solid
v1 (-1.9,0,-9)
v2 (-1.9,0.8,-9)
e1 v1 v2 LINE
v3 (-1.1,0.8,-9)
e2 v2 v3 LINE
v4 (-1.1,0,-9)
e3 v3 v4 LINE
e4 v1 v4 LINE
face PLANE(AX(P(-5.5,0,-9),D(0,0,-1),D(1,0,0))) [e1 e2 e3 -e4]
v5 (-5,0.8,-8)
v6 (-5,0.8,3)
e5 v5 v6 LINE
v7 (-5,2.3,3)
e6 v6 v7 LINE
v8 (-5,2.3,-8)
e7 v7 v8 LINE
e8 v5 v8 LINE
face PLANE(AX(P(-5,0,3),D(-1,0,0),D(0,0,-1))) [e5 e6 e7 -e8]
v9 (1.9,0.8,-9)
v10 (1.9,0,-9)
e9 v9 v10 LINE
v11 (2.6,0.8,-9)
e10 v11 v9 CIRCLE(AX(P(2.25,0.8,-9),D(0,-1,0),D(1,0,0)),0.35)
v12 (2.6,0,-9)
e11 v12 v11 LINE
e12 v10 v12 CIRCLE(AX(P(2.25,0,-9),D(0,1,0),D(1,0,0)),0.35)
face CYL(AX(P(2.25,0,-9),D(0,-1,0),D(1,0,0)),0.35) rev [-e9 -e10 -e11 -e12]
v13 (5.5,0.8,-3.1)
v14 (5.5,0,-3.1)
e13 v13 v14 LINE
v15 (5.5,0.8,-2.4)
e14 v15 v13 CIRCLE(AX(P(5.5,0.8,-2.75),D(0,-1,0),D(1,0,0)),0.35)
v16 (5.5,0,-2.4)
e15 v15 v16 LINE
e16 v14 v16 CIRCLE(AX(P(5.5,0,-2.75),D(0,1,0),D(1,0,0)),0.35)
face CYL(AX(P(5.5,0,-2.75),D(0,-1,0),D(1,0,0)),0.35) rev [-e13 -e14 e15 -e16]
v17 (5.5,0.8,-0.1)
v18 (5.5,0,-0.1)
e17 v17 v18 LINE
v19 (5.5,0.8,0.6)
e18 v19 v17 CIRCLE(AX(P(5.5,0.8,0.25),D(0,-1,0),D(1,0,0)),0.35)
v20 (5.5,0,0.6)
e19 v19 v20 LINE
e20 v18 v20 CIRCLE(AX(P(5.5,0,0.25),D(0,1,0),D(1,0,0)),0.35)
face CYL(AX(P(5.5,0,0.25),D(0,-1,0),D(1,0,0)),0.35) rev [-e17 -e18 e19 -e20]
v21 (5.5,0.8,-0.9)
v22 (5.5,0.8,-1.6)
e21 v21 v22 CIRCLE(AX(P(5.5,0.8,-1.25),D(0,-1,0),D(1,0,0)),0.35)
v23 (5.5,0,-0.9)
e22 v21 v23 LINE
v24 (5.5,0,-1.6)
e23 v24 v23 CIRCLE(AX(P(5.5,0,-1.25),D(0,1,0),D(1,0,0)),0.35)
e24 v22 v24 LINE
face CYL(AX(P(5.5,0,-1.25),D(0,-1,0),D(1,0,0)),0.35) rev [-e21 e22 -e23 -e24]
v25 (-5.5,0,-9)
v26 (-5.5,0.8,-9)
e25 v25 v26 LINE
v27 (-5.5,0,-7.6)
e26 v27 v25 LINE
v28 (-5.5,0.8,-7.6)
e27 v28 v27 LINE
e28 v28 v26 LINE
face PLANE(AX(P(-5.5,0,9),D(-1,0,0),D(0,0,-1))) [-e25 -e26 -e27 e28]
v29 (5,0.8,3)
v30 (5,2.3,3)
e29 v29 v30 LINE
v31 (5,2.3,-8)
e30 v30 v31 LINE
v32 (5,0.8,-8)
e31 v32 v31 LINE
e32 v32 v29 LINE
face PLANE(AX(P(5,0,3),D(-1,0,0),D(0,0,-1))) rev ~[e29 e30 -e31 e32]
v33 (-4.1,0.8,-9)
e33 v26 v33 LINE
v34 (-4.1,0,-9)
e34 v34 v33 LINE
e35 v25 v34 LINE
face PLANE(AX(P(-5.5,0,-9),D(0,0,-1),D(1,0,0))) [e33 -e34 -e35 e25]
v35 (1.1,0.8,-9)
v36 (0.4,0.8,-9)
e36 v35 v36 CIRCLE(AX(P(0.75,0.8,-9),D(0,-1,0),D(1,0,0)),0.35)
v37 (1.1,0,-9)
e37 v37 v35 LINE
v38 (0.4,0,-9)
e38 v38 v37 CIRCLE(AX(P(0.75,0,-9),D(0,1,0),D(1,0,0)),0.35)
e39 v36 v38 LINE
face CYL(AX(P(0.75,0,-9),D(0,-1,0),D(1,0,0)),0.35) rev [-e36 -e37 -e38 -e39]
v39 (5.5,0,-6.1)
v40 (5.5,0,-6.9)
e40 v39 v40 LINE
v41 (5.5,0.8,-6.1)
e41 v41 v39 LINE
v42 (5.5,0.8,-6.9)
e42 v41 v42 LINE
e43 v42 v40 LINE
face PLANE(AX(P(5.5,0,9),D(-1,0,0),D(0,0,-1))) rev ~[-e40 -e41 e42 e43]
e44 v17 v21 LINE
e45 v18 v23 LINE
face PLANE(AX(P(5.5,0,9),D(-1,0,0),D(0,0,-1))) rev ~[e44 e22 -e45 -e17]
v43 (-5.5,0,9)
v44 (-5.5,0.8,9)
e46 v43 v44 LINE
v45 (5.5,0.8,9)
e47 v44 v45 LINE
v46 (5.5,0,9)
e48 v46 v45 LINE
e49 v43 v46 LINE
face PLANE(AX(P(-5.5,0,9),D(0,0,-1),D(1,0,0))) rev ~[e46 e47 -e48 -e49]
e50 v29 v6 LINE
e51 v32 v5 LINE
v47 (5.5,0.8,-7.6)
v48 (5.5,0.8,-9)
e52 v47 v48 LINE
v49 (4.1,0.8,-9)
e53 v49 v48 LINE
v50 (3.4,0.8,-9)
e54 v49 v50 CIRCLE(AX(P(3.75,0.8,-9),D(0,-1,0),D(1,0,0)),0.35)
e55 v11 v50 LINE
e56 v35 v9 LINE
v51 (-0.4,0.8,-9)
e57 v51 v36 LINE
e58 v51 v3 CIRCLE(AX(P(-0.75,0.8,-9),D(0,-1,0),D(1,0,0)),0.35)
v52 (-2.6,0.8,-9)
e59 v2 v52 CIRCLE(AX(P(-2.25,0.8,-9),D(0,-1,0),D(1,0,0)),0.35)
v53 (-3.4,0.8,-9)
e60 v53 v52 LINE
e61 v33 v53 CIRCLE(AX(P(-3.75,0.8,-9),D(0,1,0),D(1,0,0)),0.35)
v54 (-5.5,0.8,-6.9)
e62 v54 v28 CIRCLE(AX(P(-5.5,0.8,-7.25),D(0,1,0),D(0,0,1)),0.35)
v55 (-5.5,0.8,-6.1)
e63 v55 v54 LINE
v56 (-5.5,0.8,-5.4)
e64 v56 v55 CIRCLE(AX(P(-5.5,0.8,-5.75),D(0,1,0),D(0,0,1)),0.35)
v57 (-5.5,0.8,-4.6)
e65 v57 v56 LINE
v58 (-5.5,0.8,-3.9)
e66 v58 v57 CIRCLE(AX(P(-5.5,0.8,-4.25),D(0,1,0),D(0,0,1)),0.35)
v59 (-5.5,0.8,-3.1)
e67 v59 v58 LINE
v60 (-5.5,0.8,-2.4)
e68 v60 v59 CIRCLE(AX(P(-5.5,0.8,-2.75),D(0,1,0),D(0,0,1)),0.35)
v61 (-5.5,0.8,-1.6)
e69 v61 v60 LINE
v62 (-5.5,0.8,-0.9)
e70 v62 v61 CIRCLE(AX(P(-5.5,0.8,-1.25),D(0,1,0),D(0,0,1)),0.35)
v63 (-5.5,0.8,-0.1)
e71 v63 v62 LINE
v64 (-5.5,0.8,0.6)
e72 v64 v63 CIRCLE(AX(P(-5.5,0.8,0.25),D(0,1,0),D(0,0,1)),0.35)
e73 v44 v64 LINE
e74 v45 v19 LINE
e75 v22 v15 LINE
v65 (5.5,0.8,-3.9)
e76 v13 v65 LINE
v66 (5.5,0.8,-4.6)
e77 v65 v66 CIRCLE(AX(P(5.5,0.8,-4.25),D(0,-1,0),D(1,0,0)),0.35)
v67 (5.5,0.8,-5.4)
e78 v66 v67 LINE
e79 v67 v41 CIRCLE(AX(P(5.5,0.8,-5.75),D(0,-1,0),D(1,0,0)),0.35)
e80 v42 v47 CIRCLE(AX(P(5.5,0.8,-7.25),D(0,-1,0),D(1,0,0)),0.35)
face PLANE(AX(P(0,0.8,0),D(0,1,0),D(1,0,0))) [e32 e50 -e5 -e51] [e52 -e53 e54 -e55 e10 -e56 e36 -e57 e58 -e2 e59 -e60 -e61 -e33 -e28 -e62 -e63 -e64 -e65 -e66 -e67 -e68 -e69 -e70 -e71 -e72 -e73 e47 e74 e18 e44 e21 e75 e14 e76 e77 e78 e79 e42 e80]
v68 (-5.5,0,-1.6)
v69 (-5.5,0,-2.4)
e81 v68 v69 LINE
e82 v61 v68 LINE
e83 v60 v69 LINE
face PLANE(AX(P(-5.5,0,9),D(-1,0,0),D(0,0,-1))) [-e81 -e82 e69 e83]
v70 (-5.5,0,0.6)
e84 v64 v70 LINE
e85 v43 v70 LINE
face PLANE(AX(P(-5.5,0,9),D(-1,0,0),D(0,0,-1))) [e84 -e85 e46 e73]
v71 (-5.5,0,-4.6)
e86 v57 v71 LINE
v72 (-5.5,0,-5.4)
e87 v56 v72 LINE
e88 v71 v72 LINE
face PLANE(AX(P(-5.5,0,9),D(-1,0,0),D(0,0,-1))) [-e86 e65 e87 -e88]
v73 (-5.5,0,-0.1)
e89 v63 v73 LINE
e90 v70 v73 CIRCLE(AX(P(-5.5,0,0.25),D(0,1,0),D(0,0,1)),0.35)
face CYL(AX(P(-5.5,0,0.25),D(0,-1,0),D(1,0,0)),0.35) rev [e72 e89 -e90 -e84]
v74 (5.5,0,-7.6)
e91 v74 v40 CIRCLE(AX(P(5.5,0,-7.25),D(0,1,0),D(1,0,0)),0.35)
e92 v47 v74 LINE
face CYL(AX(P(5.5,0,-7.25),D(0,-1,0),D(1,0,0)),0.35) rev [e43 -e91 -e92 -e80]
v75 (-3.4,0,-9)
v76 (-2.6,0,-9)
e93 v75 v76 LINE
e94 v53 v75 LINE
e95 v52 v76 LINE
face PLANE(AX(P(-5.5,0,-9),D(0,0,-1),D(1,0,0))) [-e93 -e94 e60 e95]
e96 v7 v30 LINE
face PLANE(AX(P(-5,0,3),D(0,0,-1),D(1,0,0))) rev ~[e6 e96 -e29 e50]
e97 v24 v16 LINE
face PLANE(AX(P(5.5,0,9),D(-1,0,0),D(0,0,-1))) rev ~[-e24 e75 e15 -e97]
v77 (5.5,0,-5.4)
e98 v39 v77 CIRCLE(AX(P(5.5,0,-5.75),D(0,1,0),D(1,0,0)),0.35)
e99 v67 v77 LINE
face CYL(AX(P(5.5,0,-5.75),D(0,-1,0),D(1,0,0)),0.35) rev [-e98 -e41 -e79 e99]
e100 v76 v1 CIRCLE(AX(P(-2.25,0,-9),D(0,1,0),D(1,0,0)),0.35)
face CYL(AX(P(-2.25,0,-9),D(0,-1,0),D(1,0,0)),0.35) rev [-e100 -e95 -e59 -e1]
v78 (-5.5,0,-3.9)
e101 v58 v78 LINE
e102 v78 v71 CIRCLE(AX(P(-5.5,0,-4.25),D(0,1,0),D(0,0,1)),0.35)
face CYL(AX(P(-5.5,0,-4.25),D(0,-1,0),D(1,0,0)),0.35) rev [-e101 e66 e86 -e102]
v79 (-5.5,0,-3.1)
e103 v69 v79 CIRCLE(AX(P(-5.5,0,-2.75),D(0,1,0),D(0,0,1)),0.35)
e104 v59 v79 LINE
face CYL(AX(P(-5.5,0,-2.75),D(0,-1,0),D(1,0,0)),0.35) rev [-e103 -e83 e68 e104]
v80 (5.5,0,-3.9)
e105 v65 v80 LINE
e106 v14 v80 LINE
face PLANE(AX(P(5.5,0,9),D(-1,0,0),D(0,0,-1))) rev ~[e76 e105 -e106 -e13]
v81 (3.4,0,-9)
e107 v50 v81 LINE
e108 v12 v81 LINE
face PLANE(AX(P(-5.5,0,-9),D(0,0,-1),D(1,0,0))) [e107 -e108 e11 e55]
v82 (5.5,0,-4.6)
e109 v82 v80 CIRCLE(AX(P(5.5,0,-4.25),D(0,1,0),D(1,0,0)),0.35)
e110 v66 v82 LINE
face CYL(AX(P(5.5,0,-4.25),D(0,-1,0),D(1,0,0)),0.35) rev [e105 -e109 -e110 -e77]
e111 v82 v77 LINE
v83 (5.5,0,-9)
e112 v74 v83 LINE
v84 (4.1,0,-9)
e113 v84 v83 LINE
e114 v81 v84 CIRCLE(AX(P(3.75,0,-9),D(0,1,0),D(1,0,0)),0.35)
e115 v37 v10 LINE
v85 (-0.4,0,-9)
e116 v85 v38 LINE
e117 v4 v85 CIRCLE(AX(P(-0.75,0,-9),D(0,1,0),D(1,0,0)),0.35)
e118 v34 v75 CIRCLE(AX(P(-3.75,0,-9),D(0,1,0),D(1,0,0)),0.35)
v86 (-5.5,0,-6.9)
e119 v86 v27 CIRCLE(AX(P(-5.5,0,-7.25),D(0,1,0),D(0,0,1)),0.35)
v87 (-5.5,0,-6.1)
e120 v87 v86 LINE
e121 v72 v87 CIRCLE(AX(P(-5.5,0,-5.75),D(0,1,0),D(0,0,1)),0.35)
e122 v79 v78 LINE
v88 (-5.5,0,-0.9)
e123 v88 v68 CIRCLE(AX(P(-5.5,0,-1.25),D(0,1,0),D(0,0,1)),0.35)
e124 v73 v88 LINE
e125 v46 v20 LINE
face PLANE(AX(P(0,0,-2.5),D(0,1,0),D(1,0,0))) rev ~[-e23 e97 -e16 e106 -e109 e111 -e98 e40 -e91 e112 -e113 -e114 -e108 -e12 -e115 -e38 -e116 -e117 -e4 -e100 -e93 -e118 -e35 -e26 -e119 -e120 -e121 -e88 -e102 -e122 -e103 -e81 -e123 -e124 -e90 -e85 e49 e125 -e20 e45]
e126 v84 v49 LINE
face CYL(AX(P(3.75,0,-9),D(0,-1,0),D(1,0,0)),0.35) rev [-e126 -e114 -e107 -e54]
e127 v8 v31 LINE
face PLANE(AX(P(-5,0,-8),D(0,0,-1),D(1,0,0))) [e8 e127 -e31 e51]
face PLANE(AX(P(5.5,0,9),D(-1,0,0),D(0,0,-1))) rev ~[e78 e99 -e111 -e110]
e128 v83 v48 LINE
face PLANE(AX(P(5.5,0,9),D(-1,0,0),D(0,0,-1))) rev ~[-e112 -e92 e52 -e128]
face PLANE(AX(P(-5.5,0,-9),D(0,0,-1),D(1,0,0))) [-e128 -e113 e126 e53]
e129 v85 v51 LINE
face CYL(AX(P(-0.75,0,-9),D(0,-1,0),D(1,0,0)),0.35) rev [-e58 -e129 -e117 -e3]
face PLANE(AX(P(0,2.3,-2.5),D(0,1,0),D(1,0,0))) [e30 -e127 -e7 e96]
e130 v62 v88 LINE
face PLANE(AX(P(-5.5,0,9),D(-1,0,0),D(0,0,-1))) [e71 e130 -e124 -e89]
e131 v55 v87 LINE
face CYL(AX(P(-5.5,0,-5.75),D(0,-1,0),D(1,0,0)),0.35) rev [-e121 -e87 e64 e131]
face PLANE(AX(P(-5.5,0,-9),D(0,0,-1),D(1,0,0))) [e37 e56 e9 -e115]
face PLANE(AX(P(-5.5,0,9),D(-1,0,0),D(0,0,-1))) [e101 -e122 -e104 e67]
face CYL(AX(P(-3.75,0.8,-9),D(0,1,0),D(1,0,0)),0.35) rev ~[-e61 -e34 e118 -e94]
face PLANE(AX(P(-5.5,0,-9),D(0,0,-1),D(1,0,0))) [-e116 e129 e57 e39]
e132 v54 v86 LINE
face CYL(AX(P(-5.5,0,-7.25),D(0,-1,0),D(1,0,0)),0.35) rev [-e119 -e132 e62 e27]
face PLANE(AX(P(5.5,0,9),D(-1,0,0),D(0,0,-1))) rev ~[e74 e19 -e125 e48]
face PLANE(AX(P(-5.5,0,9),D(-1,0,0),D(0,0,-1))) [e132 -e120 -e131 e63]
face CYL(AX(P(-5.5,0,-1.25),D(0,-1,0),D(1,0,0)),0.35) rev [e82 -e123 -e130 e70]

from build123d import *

# Parameters (mm, degrees)
SKETCH_2_W               = 11
SKETCH_2_H               = 18
EXTRUDE_1_DEPTH          = 0.8
SKETCH_3_W               = 10
SKETCH_3_H               = 11
EXTRUDE_3_DEPTH          = 2.3
SKETCH_7_R               = 0.35
CUT_EXTRUDE_1_DEPTH      = 2.3
SKETCH_9_R               = 0.35
CUT_EXTRUDE_2_DEPTH      = 2.3
CUT_EXTRUDE_2_DEPTH_BACK = 2.3
SKETCH_10_R              = 0.35
CUT_EXTRUDE_5_DEPTH      = 2.3
CUT_EXTRUDE_5_DEPTH_BACK = 2.3


with BuildPart() as part:
    # 草图2 → 凸台-拉伸1 (new body)
    with BuildSketch(Plane(origin=(0, 0, 0), x_dir=(1, 0, 0), z_dir=(0, 1, 0))):
        Rectangle(SKETCH_2_W, SKETCH_2_H)
    extrude(amount=EXTRUDE_1_DEPTH)

    # 草图3 → 凸台-拉伸3 (add)
    with BuildSketch(Plane(origin=(0, 0, 0), x_dir=(1, 0, 0), z_dir=(0, 1, 0))):
        with Locations((0, 2.5)):
            Rectangle(SKETCH_3_W, SKETCH_3_H)
    extrude(amount=EXTRUDE_3_DEPTH)

    # 草图7 → 切除-拉伸1 (cut)
    with BuildSketch(Plane(origin=(0, 0.8, 0), x_dir=(1, 0, 0), z_dir=(0, 1, 0))):
        with Locations((-3.75, 9)):
            Circle(SKETCH_7_R)
    extrude(amount=-CUT_EXTRUDE_1_DEPTH, mode=Mode.SUBTRACT)

    # 草图9 → 切除-拉伸2 (cut, two sides)
    with BuildSketch(Plane(origin=(0, 0, 0), x_dir=(1, 0, 0), z_dir=(0, 1, 0))) as cut_extrude_2_sk:
        with Locations((-2.25, 9)):
            Circle(SKETCH_9_R)
        with Locations((-0.75, 9)):
            Circle(SKETCH_9_R)
        with Locations((0.75, 9)):
            Circle(SKETCH_9_R)
        with Locations((3.75, 9)):
            Circle(SKETCH_9_R)
        with Locations((2.25, 9)):
            Circle(SKETCH_9_R)
    extrude(amount=CUT_EXTRUDE_2_DEPTH, mode=Mode.SUBTRACT)
    extrude(cut_extrude_2_sk.sketch, amount=-CUT_EXTRUDE_2_DEPTH_BACK, mode=Mode.SUBTRACT)

    # 草图10 → 切除-拉伸5 (cut, two sides)
    with BuildSketch(Plane(origin=(0, 0, 0), x_dir=(1, 0, 0), z_dir=(0, 1, 0))) as cut_extrude_5_sk:
        with Locations((-5.5, 7.25)):
            Circle(SKETCH_10_R)
        with Locations((5.5, 7.25)):
            Circle(SKETCH_10_R)
        with Locations((5.5, -0.25)):
            Circle(SKETCH_10_R)
        with Locations((-5.5, 2.75)):
            Circle(SKETCH_10_R)
        with Locations((5.5, 5.75)):
            Circle(SKETCH_10_R)
        with Locations((-5.5, 4.25)):
            Circle(SKETCH_10_R)
        with Locations((5.5, 2.75)):
            Circle(SKETCH_10_R)
        with Locations((-5.5, 5.75)):
            Circle(SKETCH_10_R)
        with Locations((5.5, 4.25)):
            Circle(SKETCH_10_R)
        with Locations((5.5, 1.25)):
            Circle(SKETCH_10_R)
        with Locations((-5.5, 1.25)):
            Circle(SKETCH_10_R)
        with Locations((-5.5, -0.25)):
            Circle(SKETCH_10_R)
    extrude(amount=CUT_EXTRUDE_5_DEPTH, mode=Mode.SUBTRACT)
    extrude(cut_extrude_5_sk.sketch, amount=-CUT_EXTRUDE_5_DEPTH_BACK, mode=Mode.SUBTRACT)


solid = part.part
